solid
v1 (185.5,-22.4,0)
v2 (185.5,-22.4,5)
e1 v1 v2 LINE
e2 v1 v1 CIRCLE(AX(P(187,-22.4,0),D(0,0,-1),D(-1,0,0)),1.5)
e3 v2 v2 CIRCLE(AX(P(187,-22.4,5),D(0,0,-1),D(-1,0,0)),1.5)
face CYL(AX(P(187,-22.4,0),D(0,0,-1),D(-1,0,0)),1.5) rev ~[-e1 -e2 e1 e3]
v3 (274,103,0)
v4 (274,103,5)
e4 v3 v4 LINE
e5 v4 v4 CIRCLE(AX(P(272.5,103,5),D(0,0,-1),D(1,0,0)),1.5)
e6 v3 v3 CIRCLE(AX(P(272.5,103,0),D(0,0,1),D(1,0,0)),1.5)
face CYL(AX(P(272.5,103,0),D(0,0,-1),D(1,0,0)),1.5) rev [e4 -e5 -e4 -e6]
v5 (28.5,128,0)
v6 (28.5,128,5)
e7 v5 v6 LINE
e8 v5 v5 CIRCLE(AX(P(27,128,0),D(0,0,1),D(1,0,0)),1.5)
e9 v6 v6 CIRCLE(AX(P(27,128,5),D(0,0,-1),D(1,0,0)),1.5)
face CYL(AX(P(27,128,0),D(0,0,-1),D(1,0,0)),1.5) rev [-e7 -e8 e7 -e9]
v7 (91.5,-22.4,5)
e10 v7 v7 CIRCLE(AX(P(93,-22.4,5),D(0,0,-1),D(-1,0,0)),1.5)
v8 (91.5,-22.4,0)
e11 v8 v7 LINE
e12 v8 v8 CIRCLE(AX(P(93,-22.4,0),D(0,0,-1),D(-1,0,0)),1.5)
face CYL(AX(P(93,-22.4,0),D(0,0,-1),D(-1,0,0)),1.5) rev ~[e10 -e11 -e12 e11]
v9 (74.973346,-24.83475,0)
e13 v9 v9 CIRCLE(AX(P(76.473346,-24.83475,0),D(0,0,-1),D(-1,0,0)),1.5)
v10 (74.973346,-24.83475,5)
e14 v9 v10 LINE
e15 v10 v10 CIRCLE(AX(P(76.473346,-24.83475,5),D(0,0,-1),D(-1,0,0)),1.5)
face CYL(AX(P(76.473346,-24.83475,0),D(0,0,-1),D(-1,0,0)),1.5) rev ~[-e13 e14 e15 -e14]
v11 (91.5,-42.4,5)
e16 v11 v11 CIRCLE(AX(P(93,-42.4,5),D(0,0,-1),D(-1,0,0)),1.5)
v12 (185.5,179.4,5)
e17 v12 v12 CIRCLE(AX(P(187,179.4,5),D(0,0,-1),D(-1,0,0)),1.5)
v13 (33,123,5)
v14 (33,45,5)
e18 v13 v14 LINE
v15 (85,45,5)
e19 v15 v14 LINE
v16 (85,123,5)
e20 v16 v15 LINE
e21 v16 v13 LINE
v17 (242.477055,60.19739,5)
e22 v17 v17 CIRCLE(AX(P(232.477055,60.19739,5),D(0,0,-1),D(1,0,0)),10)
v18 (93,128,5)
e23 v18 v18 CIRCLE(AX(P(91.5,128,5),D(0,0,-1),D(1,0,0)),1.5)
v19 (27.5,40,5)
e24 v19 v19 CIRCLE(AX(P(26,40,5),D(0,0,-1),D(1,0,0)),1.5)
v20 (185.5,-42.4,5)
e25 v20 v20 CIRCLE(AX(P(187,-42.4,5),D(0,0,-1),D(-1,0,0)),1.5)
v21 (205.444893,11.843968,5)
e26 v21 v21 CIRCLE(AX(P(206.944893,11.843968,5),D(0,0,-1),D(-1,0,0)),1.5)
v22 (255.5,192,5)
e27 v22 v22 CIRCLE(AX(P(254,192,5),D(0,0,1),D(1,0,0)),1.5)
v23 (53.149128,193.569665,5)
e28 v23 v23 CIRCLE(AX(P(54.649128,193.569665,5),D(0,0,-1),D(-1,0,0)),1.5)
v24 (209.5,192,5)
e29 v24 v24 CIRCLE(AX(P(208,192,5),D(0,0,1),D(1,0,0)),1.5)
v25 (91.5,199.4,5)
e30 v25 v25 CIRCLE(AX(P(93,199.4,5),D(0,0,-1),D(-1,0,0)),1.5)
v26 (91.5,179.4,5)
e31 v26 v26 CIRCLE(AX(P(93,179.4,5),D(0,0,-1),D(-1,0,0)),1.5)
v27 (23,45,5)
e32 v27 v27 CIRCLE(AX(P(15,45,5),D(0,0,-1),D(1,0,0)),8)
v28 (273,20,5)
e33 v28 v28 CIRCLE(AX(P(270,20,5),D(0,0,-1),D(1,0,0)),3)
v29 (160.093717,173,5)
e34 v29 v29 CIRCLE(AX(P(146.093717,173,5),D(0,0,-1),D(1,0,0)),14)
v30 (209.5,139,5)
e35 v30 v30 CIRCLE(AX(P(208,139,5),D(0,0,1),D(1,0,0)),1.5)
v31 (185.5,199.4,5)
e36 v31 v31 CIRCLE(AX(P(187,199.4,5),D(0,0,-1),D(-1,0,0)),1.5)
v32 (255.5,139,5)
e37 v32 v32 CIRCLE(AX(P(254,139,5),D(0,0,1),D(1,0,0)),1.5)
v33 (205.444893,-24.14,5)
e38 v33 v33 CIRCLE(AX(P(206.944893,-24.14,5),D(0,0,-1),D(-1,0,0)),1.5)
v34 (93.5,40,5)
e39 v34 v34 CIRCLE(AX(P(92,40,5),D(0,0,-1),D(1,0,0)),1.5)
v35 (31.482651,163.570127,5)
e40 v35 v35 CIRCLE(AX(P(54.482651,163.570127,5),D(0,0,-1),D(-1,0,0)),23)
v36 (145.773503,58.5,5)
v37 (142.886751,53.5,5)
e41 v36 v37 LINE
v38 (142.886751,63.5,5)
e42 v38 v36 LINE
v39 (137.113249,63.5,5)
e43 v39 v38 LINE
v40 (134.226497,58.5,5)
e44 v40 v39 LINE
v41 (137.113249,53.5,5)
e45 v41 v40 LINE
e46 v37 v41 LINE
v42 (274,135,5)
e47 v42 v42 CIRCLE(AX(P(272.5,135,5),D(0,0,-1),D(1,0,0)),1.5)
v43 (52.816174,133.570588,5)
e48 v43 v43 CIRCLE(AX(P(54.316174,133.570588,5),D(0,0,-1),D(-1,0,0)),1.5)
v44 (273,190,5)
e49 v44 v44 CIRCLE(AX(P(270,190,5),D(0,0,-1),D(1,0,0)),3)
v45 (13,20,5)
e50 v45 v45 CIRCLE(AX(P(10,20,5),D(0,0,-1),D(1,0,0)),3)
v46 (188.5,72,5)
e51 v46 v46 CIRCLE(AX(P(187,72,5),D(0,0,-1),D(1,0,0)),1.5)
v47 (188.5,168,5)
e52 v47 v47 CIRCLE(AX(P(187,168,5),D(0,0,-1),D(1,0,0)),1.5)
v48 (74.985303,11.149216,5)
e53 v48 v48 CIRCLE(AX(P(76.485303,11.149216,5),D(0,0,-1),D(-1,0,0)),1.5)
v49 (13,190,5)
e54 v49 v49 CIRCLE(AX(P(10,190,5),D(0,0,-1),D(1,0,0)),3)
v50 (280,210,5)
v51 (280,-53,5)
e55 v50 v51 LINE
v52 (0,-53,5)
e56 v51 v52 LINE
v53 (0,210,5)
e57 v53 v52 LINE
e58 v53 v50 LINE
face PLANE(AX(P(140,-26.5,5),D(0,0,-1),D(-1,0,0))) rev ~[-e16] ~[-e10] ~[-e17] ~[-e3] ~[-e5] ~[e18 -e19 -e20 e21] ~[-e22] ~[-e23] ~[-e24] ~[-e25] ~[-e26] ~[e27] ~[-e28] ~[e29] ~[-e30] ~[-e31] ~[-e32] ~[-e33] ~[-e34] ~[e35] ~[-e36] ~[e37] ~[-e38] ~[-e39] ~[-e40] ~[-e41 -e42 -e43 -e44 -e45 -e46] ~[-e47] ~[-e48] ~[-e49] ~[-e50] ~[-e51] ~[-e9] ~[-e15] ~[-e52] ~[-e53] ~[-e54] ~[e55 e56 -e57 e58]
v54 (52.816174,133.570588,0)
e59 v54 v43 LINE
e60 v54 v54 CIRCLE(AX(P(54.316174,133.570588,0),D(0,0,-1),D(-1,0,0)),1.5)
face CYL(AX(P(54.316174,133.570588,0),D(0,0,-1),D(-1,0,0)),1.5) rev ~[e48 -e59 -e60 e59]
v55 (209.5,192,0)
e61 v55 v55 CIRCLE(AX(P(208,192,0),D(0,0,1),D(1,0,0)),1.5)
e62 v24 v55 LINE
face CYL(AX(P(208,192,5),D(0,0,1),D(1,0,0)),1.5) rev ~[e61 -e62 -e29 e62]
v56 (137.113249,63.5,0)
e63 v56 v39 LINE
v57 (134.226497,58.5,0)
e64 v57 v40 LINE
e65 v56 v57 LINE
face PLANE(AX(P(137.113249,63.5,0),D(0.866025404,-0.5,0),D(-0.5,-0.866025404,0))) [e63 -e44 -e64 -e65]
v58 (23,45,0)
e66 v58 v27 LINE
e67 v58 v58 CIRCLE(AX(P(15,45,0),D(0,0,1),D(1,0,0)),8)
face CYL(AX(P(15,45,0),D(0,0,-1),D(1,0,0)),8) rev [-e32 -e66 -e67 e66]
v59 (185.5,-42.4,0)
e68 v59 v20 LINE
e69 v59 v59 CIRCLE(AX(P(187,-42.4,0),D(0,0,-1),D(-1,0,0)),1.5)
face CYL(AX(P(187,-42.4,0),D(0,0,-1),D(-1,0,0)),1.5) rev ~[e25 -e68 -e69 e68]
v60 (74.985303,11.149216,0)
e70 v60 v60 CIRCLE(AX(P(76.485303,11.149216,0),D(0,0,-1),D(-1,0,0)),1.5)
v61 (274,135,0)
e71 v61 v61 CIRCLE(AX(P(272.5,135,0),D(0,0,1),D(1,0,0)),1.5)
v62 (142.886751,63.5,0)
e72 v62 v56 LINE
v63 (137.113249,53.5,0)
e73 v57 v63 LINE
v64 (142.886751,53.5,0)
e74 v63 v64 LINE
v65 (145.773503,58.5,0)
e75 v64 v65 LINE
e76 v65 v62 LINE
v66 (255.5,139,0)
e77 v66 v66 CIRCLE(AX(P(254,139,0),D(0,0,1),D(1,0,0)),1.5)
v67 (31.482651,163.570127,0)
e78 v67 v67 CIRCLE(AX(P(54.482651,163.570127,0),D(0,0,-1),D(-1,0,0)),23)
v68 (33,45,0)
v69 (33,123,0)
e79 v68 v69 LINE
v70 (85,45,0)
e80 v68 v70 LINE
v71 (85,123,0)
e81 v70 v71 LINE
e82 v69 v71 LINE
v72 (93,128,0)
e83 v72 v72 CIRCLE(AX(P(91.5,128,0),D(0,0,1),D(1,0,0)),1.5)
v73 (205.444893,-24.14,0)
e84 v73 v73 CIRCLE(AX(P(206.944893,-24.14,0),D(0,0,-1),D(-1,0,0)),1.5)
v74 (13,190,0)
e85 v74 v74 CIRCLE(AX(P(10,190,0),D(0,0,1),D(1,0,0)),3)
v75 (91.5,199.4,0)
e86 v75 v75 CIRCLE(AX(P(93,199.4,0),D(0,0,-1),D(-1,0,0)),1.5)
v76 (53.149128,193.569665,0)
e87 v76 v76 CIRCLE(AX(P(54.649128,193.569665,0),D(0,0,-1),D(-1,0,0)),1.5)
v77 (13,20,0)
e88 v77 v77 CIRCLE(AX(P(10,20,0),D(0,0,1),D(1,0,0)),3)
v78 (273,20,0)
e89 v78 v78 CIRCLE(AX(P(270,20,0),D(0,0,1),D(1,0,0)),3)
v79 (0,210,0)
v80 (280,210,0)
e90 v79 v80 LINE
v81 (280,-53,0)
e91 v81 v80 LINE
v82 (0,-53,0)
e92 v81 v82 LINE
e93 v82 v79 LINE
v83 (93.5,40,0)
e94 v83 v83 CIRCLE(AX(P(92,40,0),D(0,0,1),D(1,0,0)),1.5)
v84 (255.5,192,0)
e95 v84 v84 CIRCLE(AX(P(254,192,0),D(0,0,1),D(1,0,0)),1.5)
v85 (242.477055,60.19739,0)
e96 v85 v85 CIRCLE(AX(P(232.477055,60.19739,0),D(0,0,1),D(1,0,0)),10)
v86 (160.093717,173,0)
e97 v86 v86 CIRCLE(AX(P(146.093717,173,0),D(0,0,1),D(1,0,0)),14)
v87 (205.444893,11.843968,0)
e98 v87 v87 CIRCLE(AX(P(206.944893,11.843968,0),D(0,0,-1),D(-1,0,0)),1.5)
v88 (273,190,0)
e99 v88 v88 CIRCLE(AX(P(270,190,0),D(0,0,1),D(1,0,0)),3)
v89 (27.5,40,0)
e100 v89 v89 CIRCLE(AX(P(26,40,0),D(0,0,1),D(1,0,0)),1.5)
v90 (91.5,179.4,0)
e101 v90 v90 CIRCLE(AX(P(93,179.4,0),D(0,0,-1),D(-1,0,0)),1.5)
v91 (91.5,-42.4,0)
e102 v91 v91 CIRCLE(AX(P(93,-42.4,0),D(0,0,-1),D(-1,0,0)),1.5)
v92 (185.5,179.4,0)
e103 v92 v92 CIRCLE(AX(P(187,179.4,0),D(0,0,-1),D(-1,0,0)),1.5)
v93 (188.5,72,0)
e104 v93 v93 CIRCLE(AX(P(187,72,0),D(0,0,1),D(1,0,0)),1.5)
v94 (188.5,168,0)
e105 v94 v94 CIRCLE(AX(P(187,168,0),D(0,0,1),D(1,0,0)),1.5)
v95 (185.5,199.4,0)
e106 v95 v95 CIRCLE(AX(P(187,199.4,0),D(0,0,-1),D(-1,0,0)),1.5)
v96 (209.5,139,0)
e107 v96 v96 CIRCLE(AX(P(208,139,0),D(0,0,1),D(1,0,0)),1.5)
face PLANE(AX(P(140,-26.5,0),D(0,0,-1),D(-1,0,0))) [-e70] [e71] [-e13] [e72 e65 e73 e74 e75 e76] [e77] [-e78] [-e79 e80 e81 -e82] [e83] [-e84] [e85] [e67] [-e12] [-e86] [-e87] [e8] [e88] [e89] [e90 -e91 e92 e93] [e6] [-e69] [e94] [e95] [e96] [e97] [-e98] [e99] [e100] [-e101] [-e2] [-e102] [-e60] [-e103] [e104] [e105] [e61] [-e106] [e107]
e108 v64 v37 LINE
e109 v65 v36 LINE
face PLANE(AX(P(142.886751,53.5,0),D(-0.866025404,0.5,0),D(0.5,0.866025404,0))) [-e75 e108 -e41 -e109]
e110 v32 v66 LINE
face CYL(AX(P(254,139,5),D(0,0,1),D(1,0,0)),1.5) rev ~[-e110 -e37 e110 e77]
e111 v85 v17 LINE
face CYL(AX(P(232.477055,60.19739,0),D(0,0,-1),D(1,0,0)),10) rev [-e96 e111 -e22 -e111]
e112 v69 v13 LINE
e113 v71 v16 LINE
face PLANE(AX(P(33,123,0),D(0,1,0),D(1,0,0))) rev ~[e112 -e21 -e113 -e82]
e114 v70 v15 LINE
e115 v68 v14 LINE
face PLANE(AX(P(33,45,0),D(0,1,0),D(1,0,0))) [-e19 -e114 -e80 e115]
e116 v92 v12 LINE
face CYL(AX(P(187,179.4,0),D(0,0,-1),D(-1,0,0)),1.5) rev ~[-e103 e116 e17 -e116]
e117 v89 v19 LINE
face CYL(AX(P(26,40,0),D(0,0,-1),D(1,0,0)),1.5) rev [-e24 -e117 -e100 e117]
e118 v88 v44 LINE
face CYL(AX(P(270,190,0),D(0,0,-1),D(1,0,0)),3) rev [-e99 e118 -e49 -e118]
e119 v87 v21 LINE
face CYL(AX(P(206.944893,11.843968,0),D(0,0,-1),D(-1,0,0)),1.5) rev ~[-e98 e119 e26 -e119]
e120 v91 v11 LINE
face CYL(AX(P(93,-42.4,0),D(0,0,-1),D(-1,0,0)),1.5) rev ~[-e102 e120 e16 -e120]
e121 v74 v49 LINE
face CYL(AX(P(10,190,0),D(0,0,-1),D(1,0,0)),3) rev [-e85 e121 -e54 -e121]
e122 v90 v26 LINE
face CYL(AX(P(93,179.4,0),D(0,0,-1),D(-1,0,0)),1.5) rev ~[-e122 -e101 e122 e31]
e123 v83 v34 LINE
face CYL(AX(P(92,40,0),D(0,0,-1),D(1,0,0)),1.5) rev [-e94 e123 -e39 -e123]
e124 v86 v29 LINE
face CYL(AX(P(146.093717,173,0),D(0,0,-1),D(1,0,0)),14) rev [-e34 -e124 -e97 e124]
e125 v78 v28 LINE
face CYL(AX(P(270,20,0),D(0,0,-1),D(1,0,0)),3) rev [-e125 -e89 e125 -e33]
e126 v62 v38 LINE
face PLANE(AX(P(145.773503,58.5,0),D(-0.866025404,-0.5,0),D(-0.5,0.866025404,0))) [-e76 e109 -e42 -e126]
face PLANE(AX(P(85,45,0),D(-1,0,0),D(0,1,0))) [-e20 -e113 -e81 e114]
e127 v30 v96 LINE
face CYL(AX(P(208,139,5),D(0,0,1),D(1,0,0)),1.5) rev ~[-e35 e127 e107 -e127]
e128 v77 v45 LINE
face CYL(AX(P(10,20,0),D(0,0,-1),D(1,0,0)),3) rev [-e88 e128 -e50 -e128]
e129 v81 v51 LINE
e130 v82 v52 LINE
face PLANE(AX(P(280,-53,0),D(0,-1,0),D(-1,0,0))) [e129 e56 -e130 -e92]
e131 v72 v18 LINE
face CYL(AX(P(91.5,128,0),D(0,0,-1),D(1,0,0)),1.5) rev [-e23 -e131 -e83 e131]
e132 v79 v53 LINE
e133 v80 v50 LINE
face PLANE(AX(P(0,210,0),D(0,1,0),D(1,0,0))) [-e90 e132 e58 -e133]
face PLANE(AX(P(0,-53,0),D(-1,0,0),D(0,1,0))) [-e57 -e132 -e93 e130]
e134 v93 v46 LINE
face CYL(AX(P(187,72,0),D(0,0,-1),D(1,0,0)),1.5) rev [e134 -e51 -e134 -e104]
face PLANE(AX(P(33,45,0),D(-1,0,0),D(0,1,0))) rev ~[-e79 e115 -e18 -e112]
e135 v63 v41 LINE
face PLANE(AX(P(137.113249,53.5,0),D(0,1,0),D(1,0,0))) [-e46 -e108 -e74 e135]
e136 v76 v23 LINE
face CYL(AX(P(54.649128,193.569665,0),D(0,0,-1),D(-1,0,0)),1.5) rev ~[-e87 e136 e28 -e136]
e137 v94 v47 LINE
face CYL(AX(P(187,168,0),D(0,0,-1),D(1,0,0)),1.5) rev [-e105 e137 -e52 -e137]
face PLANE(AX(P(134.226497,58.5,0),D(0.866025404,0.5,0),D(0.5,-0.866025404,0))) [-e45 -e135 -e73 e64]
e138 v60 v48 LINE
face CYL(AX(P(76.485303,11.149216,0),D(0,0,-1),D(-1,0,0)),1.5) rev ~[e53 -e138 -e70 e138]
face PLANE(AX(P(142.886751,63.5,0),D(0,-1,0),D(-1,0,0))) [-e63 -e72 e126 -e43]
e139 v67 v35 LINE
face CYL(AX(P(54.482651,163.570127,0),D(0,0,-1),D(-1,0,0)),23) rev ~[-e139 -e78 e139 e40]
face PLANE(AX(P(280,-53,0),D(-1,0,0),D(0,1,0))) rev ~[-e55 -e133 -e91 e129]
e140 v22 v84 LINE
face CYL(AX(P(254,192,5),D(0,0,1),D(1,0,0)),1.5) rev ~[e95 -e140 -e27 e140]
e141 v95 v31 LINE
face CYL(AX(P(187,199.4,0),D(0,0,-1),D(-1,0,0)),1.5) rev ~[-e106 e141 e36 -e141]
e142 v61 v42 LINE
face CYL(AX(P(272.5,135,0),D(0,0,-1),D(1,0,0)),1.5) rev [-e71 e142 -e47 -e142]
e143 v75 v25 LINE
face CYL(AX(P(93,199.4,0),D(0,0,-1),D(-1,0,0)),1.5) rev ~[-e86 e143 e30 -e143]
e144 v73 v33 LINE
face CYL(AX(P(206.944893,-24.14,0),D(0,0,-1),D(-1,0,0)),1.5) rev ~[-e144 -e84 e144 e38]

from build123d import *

# Parameters (mm, degrees)
ESQUISSE1_W              = 280
ESQUISSE1_H              = 210
BOSS_EXTRU_1_DEPTH       = 5
ESQUISSE2_R              = 3
ESQUISSE2_R_2            = 1.5
ESQUISSE2_R_3            = 8
ESQUISSE2_R_4            = 14
ESQUISSE2_R_5            = 10
ESQUISSE2_W              = 52
ESQUISSE2_H              = 78
ENL_V_MAT_EXTRU_1_DEPTH  = 351.035712464
ESQUISSE5_R              = 1.5
ENL_V_MAT_EXTRU_3_DEPTH  = 351.035712464
ESQUISSE6_W              = 280
ESQUISSE6_H              = 53
BOSS_EXTRU_4_DEPTH       = 5
ESQUISSE7_R              = 1.5
ENL_V_MAT_EXTRU_4_DEPTH  = 351.035712464
ESQUISSE8_R              = 1.5
ENL_V_MAT_EXTRU_5_DEPTH  = 351.035712464
ESQUISSE9_R              = 1.5
ENL_V_MAT_EXTRU_6_DEPTH  = 351.035712464
ESQUISSE14_R             = 23
ESQUISSE14_R_2           = 1.5
ENL_V_MAT_EXTRU_11_DEPTH = 351.035712464
ESQUISSE15_R             = 1.5
ENL_V_MAT_EXTRU_12_DEPTH = 351.035712464


with BuildPart() as part:
    # Esquisse1 → Boss.-Extru.1 (new body)
    with BuildSketch(Plane.XY):
        with Locations((140, 105)):
            Rectangle(ESQUISSE1_W, ESQUISSE1_H)
    extrude(amount=BOSS_EXTRU_1_DEPTH)

    # Esquisse2 → Enlèv. mat.-Extru.1 (cut, through all)
    with BuildSketch(Plane.XY):
        with Locations((270, 190)):
            Circle(ESQUISSE2_R)
        with Locations((10, 190)):
            Circle(ESQUISSE2_R)
        with Locations((10, 20)):
            Circle(ESQUISSE2_R)
        with Locations((270, 20)):
            Circle(ESQUISSE2_R)
        with Locations((187, 168)):
            Circle(ESQUISSE2_R_2)
        with Locations((187, 72)):
            Circle(ESQUISSE2_R_2)
        with Locations((91.5, 128)):
            Circle(ESQUISSE2_R_2)
        with Locations((27, 128)):
            Circle(ESQUISSE2_R_2)
        with Locations((92, 40)):
            Circle(ESQUISSE2_R_2)
        with Locations((26, 40)):
            Circle(ESQUISSE2_R_2)
        with Locations((15, 45)):
            Circle(ESQUISSE2_R_3)
        with Locations((146.093717203, 173)):
            Circle(ESQUISSE2_R_4)
        with Locations((232.477054828, 60.19739042)):
            Circle(ESQUISSE2_R_5)
        with Locations((272.5, 103)):
            Circle(ESQUISSE2_R_2)
        with Locations((272.5, 135)):
            Circle(ESQUISSE2_R_2)
        with Locations((59, 84)):
            Rectangle(ESQUISSE2_W, ESQUISSE2_H)
        Polygon((137.113248654, 63.5), (134.226497308, 58.5), (137.113248654, 53.5), (142.886751346, 53.5), (145.773502692, 58.5), (142.886751346, 63.5), align=None)
    extrude(amount=ENL_V_MAT_EXTRU_1_DEPTH, mode=Mode.SUBTRACT)

    # Esquisse5 → Enlèv. mat.-Extru.3 (cut, through all)
    with BuildSketch(Plane(origin=(0, 0, 0), x_dir=(-1, 0, 0), z_dir=(0, 0, -1))):
        with Locations((-93, 179.4)):
            Circle(ESQUISSE5_R)
        with Locations((-93, 199.4)):
            Circle(ESQUISSE5_R)
        with Locations((-187, 199.4)):
            Circle(ESQUISSE5_R)
        with Locations((-187, 179.4)):
            Circle(ESQUISSE5_R)
    extrude(amount=-ENL_V_MAT_EXTRU_3_DEPTH, mode=Mode.SUBTRACT)

    # Esquisse6 → Boss.-Extru.4 (add)
    with BuildSketch(Plane(origin=(0, 0, 0), x_dir=(-1, 0, 0), z_dir=(0, 0, -1))):
        with Locations((-140, -26.5)):
            Rectangle(ESQUISSE6_W, ESQUISSE6_H)
    extrude(amount=-BOSS_EXTRU_4_DEPTH)

    # Esquisse7 → Enlèv. mat.-Extru.4 (cut, through all)
    with BuildSketch(Plane(origin=(0, 0, 0), x_dir=(-1, 0, 0), z_dir=(0, 0, -1))):
        with Locations((-76.485302695, 11.149215752)):
            Circle(ESQUISSE7_R)
        with Locations((-76.473346209, -24.834750392)):
            Circle(ESQUISSE7_R)
    extrude(amount=-ENL_V_MAT_EXTRU_4_DEPTH, mode=Mode.SUBTRACT)

    # Esquisse8 → Enlèv. mat.-Extru.5 (cut, through all)
    with BuildSketch(Plane(origin=(0, 0, 0), x_dir=(-1, 0, 0), z_dir=(0, 0, -1))):
        with Locations((-206.944892865, -24.14)):
            Circle(ESQUISSE8_R)
        with Locations((-206.944892865, 11.843968131)):
            Circle(ESQUISSE8_R)
    extrude(amount=-ENL_V_MAT_EXTRU_5_DEPTH, mode=Mode.SUBTRACT)

    # Esquisse9 → Enlèv. mat.-Extru.6 (cut, through all)
    with BuildSketch(Plane(origin=(0, 0, 0), x_dir=(-1, 0, 0), z_dir=(0, 0, -1))):
        with Locations((-93, -22.4)):
            Circle(ESQUISSE9_R)
        with Locations((-93, -42.4)):
            Circle(ESQUISSE9_R)
        with Locations((-187, -42.4)):
            Circle(ESQUISSE9_R)
        with Locations((-187, -22.4)):
            Circle(ESQUISSE9_R)
    extrude(amount=-ENL_V_MAT_EXTRU_6_DEPTH, mode=Mode.SUBTRACT)

    # Esquisse14 → Enlèv. mat.-Extru.11 (cut, through all)
    with BuildSketch(Plane(origin=(0, 0, 0), x_dir=(-1, 0, 0), z_dir=(0, 0, -1))):
        with Locations((-54.48265068, 163.570126578)):
            Circle(ESQUISSE14_R)
        with Locations((-54.649127802, 193.569664664)):
            Circle(ESQUISSE14_R_2)
        with Locations((-54.316173557, 133.570588492)):
            Circle(ESQUISSE14_R_2)
    extrude(amount=-ENL_V_MAT_EXTRU_11_DEPTH, mode=Mode.SUBTRACT)

    # Esquisse15 → Enlèv. mat.-Extru.12 (cut, through all)
    with BuildSketch(Plane.XY.offset(5)):
        with Locations((254, 192)):
            Circle(ESQUISSE15_R)
        with Locations((208, 192)):
            Circle(ESQUISSE15_R)
        with Locations((208, 139)):
            Circle(ESQUISSE15_R)
        with Locations((254, 139)):
            Circle(ESQUISSE15_R)
    extrude(amount=-ENL_V_MAT_EXTRU_12_DEPTH, mode=Mode.SUBTRACT)


solid = part.part
